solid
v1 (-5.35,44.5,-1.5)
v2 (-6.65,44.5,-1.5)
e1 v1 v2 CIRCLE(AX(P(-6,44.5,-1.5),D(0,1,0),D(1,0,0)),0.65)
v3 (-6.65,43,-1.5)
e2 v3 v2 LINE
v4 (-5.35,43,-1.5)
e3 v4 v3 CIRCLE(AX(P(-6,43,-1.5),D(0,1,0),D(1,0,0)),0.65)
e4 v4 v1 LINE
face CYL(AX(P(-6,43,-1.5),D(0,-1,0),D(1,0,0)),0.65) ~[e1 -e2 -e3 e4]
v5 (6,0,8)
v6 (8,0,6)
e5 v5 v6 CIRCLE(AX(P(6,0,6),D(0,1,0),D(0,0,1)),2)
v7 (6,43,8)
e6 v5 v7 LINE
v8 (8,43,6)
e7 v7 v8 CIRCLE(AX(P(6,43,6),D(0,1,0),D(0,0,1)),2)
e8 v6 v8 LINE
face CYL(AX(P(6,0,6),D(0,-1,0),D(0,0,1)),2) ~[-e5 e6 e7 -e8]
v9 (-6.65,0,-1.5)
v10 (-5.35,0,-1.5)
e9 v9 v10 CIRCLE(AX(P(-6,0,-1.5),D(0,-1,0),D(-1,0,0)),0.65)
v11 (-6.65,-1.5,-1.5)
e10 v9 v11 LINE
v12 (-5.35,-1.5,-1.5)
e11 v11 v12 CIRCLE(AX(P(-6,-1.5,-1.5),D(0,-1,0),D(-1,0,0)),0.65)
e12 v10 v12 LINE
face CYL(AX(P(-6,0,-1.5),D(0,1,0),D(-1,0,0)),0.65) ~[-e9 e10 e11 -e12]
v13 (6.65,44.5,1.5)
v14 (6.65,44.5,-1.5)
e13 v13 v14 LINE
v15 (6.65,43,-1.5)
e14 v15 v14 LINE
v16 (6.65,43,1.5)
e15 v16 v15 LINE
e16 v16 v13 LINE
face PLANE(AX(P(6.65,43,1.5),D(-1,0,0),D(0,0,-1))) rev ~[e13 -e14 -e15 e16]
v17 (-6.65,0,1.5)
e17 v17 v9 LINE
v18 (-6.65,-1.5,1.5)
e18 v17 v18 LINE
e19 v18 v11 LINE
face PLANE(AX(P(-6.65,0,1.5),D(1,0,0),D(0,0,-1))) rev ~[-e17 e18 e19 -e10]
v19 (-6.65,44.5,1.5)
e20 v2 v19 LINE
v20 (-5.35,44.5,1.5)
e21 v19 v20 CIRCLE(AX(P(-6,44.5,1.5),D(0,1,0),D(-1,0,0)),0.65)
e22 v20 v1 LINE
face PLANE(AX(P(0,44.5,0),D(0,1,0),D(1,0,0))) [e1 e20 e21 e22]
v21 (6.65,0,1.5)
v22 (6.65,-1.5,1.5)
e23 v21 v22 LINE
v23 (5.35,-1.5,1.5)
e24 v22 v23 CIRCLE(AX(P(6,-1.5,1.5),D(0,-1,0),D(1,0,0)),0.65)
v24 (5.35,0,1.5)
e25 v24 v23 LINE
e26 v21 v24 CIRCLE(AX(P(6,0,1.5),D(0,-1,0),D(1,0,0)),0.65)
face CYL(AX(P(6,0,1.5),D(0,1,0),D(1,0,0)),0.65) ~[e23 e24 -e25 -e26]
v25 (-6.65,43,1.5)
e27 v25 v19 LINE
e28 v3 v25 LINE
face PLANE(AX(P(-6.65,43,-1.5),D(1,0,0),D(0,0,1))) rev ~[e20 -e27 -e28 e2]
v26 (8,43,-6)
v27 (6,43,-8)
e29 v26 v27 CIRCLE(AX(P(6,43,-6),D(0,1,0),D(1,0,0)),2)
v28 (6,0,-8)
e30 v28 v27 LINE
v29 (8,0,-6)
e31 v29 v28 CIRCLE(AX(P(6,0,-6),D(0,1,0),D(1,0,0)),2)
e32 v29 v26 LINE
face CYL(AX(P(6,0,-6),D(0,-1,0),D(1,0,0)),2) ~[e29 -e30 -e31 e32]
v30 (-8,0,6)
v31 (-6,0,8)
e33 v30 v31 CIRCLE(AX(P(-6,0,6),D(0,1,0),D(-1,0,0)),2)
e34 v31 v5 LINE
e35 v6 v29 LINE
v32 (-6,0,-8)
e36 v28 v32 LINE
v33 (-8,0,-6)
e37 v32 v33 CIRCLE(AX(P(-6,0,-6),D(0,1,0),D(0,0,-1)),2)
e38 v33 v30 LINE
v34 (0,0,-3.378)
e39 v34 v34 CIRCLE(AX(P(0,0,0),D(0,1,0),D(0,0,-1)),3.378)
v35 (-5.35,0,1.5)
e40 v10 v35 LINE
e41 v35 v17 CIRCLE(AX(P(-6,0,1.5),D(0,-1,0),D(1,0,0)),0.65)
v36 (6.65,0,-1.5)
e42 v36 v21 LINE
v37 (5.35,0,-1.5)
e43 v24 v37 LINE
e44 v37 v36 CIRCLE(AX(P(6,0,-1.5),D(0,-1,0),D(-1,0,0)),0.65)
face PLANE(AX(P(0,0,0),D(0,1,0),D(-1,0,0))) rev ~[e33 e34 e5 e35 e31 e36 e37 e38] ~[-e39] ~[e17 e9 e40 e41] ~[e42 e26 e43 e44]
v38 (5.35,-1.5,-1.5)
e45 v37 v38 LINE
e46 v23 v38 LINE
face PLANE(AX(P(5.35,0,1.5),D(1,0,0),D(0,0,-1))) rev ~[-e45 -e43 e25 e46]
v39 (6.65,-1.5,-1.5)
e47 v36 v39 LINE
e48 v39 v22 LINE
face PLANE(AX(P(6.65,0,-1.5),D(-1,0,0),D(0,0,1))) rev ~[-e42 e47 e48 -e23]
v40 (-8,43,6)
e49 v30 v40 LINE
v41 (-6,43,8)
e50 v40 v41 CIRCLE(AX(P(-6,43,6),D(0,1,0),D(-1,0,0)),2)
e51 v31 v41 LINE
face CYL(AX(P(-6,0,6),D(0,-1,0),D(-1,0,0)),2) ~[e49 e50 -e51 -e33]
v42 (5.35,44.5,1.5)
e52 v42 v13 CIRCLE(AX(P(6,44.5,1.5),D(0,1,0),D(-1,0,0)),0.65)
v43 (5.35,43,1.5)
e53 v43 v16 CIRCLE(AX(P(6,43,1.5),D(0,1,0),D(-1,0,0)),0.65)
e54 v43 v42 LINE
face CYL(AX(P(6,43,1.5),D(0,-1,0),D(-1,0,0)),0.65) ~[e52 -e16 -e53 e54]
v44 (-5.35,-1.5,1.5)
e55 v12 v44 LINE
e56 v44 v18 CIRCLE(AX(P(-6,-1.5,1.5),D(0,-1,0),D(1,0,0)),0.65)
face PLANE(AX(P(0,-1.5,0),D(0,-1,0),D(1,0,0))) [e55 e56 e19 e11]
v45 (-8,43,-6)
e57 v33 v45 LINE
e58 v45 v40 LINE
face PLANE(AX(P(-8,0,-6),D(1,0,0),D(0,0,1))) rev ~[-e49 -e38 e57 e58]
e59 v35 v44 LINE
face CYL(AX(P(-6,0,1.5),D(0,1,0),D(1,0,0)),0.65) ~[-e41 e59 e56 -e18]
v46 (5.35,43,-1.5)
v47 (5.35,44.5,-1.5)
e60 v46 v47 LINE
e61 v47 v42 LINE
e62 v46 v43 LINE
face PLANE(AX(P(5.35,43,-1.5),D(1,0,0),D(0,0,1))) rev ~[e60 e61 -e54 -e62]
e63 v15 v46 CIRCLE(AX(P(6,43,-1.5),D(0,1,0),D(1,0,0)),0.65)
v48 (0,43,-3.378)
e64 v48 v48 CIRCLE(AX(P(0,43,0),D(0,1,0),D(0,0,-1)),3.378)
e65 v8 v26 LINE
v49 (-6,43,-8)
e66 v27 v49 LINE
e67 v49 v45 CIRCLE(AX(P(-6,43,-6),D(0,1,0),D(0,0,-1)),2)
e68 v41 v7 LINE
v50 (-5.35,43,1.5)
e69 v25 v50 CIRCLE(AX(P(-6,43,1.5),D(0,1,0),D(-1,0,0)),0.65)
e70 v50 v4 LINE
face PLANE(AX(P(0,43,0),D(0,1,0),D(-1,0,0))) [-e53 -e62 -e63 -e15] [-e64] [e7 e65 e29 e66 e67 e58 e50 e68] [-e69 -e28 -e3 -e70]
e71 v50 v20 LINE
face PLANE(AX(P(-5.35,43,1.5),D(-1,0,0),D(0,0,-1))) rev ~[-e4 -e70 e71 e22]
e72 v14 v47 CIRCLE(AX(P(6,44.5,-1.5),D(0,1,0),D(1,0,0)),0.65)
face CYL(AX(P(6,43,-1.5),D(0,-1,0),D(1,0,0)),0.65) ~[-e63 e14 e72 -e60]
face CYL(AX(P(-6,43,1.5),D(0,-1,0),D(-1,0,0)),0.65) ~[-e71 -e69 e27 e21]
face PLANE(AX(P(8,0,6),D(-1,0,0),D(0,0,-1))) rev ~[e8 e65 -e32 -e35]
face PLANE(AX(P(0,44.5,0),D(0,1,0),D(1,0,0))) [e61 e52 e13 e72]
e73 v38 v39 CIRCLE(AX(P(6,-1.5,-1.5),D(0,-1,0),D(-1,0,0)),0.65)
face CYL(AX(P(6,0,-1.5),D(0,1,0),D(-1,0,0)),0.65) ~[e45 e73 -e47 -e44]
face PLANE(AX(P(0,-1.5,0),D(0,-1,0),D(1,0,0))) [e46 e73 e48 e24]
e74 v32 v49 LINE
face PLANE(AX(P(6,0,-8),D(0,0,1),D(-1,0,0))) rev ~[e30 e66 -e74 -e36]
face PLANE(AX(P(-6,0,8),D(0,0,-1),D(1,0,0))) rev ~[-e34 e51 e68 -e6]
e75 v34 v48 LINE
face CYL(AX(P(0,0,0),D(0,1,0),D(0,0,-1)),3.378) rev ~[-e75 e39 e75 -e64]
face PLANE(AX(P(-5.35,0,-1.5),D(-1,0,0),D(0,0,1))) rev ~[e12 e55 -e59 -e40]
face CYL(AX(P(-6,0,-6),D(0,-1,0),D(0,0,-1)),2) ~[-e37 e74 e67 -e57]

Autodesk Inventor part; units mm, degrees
ref_plane "YZ Plane" through (0, 0, 0) normal (1, 0, 0) x (0, 1, 0)
ref_plane "XZ Plane" through (0, 0, 0) normal (0, 1, 0) x (-1, 0, 0)
ref_plane "XY Plane" through (0, 0, 0) normal (0, 0, 1) x (1, 0, 0)
sketch "Sketch1" plane through (0, 0, 0) normal (0, 1, 0) x (-1, 0, 0)
  line L0 (6, 8) -> (-6, 8)
  line L1 (-8, 6) -> (-8, -6)
  line L2 (-6, -8) -> (6, -8)
  line L3 (8, -6) -> (8, 6)
  arc A0 (8, 6) -> (6, 8) centre (6, 6) ccw
  arc A1 (-6, 8) -> (-8, 6) centre (-6, 6) ccw
  arc A2 (-8, -6) -> (-6, -8) centre (-6, -6) ccw
  arc A3 (6, -8) -> (8, -6) centre (6, -6) ccw
  point P0 (0, 0)
  point P1 (8, 8)
  point P2 (-8, 8)
  point P3 (8, -8)
  dimension "d0" = 16
  dimension "d1" = 16
  dimension "d2" = 8
  dimension "d3" = 8
  dimension "d4" = 2
extrude "Extrusion1" add sketch "Sketch1" along normal blind 43
sketch "Sketch2" plane through (0, 0, 0) normal (0, -1, 0) x (1, 0, 0)
  point P0 (0, 0)
hole "Hole1" at (0, 0, 0) direction (0, 1, 0) diameter 6.756 end through all clearance for "Flat Head Machine Screw (82)" size "1/4" standard "Ansi Unified Screw Threads"
sketch "Sketch3" plane through (0, 43, 0) normal (0, 1, 0) x (1, 0, 0)
  line L0 (-6, 1.5) -> (-6, -1.5) construction
  line L1 (-6.65, 1.5) -> (-6.65, -1.5)
  line L2 (-5.35, -1.5) -> (-5.35, 1.5)
  arc A0 (-5.35, 1.5) -> (-6.65, 1.5) centre (-6, 1.5) ccw
  arc A1 (-6.65, -1.5) -> (-5.35, -1.5) centre (-6, -1.5) ccw
  line L3 (6, 1.5) -> (6, -1.5) construction
  line L4 (5.35, 1.5) -> (5.35, -1.5)
  line L5 (6.65, -1.5) -> (6.65, 1.5)
  arc A2 (6.65, 1.5) -> (5.35, 1.5) centre (6, 1.5) ccw
  arc A3 (5.35, -1.5) -> (6.65, -1.5) centre (6, -1.5) ccw
  line L6 (-6, 0) -> (6, 0) construction
  line L7 (6, 8) -> (-6, 8) projected
  point P0 (0, 0)
  dimension "d25" = 0.65
  dimension "d26" = 0.65
  dimension "d27" = 3
  dimension "d29" = 0
  dimension "d30" = 12
  dimension "d31" = 6
  dimension "d32" = 3
extrude "Extrusion3" add sketch "Sketch3" along normal blind 1.5
sketch "Sketch4" plane through (0, 0, 0) normal (0, -1, 0) x (1, 0, 0)
  line L0 (-6, 1.5) -> (-6, -1.5) construction
  line L1 (-6.65, 1.5) -> (-6.65, -1.5)
  line L2 (-5.35, -1.5) -> (-5.35, 1.5)
  arc A0 (-5.35, 1.5) -> (-6.65, 1.5) centre (-6, 1.5) ccw
  arc A1 (-6.65, -1.5) -> (-5.35, -1.5) centre (-6, -1.5) ccw
  line L3 (6, 1.5) -> (6, -1.5) construction
  line L4 (5.35, 1.5) -> (5.35, -1.5)
  line L5 (6.65, -1.5) -> (6.65, 1.5)
  arc A2 (6.65, 1.5) -> (5.35, 1.5) centre (6, 1.5) ccw
  arc A3 (5.35, -1.5) -> (6.65, -1.5) centre (6, -1.5) ccw
  line L6 (-6, 0) -> (6, 0) construction
  point P0 (0, 0)
  point P1 (0, 0)
  dimension "d35" = 0.65
  dimension "d36" = 0.65
  dimension "d37" = 3
  dimension "d38" = 0
  dimension "d39" = 12
  dimension "d40" = 6
  dimension "d41" = 3
extrude "Extrusion4" add sketch "Sketch4" along normal blind 1.5
equation "\"d1\" = d0"
equation "\"d2\" = 0.5 * d0"
equation "\"d3\" = d2"
equation "\"d26\" = d25"
equation "\"d27\" = d32"
equation "\"d31\" = 0.5 * d30"
equation "\"d36\" = d35"
equation "\"d37\" = d41"
equation "\"d40\" = 0.5 * d39"
properties part number "Camera Mount 43mm_all"
